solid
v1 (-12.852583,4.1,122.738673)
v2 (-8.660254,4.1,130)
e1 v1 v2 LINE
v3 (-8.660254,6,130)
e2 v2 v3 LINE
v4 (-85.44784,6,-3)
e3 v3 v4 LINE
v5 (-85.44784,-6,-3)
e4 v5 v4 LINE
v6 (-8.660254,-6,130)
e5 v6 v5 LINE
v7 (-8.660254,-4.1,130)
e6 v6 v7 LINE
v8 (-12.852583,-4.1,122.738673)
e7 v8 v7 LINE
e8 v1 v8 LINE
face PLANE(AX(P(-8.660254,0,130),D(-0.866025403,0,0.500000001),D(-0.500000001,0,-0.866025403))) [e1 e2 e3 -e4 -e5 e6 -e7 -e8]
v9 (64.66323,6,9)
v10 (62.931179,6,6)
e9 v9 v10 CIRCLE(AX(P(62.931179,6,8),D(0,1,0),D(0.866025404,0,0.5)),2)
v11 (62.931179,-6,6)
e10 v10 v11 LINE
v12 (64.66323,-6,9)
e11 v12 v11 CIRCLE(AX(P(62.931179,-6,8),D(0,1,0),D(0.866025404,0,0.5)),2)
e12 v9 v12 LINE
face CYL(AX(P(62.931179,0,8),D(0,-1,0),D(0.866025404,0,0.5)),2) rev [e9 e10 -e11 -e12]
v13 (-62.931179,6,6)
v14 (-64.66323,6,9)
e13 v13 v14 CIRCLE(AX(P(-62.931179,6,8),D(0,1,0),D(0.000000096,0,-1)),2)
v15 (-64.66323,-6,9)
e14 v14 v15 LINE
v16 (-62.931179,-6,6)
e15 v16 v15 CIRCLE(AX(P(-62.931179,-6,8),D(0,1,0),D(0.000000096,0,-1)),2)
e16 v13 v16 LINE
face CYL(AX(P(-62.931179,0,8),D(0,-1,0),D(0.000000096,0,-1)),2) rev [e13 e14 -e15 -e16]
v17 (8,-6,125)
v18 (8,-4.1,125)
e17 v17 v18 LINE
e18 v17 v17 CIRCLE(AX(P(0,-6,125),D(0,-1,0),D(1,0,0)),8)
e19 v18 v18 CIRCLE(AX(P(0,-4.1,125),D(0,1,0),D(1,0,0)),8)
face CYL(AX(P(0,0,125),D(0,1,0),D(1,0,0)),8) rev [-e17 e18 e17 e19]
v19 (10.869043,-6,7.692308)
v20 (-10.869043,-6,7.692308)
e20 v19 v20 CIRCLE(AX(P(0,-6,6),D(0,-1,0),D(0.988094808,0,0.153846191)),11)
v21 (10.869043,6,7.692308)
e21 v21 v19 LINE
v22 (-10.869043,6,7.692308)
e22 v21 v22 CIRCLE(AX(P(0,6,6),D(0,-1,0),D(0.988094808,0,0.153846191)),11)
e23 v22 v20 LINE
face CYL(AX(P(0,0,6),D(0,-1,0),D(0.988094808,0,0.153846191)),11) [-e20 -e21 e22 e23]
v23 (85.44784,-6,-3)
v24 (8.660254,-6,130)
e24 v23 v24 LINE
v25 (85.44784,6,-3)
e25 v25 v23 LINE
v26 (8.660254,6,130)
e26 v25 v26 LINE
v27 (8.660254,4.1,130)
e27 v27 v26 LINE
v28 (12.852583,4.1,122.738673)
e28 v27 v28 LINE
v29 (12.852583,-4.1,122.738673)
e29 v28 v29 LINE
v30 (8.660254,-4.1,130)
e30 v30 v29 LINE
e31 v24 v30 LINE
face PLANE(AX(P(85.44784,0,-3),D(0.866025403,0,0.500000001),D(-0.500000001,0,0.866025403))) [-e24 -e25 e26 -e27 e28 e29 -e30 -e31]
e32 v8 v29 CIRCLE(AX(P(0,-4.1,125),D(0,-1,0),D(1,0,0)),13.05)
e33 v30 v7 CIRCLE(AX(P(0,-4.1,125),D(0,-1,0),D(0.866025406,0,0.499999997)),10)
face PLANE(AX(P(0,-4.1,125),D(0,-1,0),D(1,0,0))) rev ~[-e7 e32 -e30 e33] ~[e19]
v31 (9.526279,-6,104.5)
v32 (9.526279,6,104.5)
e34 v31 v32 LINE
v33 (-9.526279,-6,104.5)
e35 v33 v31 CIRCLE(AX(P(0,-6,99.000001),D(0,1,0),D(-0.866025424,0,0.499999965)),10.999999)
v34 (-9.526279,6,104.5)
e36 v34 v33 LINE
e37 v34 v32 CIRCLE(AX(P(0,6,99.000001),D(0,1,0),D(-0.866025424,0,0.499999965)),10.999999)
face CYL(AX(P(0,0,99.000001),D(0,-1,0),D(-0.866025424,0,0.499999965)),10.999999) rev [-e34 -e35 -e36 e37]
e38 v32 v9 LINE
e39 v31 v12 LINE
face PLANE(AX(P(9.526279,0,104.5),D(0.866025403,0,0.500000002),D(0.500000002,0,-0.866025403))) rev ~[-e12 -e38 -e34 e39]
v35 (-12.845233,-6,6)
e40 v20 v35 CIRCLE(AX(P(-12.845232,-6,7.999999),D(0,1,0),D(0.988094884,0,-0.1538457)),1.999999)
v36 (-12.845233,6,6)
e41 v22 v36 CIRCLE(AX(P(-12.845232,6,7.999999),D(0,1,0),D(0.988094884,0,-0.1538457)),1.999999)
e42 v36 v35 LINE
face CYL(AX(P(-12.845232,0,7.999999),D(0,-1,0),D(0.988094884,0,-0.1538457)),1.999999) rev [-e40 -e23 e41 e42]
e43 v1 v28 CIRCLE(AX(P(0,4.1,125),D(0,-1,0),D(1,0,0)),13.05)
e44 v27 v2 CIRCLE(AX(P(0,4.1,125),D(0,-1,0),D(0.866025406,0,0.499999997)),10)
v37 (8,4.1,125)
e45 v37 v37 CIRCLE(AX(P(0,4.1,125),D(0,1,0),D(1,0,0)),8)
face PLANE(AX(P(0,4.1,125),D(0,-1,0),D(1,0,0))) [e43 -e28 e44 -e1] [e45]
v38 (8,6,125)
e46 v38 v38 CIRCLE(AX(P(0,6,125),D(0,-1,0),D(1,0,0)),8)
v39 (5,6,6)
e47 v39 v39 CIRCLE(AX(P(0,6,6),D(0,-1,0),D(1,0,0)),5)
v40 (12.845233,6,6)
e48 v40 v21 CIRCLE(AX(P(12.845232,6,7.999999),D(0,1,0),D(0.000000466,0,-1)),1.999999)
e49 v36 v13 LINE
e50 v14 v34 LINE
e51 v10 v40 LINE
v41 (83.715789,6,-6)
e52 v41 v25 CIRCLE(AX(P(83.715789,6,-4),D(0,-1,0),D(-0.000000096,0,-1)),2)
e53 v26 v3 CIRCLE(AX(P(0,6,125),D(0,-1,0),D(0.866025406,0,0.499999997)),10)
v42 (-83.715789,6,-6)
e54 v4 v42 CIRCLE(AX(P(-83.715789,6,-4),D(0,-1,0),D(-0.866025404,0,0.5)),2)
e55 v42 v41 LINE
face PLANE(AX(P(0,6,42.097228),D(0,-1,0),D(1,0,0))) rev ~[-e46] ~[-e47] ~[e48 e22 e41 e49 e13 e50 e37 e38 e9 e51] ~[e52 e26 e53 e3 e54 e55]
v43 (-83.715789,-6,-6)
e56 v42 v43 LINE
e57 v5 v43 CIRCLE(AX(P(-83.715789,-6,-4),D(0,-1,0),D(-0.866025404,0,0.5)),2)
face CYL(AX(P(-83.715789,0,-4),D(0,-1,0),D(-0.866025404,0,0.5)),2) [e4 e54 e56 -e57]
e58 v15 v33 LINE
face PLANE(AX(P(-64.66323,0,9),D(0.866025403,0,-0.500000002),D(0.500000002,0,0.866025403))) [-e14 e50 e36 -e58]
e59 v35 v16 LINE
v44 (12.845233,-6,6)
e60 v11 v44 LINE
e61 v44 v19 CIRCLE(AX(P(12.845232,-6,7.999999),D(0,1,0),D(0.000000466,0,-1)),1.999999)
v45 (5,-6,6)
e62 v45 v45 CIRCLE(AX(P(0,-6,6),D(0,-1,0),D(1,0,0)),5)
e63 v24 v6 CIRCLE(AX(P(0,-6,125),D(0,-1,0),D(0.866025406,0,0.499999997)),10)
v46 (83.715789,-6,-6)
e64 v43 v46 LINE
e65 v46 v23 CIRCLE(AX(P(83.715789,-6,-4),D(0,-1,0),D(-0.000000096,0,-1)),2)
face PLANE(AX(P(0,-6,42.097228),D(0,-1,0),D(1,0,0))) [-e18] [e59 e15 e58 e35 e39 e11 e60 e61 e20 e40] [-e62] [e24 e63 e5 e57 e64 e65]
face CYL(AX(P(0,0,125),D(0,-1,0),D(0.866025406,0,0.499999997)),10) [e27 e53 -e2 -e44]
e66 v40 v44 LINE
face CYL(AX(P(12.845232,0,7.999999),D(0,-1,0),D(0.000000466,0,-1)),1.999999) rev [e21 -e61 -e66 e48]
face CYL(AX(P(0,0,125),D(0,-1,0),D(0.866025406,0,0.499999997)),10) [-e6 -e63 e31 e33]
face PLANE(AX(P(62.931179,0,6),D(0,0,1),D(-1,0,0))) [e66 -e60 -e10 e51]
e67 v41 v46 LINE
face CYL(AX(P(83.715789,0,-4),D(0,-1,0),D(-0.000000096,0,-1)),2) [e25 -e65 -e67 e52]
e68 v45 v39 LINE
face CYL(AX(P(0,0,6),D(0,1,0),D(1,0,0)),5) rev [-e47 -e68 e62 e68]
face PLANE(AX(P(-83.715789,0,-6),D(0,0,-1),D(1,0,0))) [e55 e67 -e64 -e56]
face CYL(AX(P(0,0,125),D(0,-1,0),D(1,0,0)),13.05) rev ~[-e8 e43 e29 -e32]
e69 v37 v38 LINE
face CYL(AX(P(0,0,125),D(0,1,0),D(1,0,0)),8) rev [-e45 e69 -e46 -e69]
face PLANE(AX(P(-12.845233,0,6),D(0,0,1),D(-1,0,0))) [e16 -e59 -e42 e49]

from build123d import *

# Parameters (mm, degrees)
F1_R     = 5
F1_R_2   = 8
F2_DEPTH = 6
F3_R     = 13.05
F4_DEPTH = 4.1


with BuildPart() as f2:
    # F1 (on Front) → F2 (new body, symmetric)
    with BuildSketch(Plane.XZ):
        with BuildLine():
            ThreePointArc((-85.44784, -3), (-85.44784, -5), (-83.715789, -6))
            Line((-83.715789, -6), (83.715789, -6))
            ThreePointArc((83.715789, -6), (85.44784, -5), (85.44784, -3))
            Line((85.44784, -3), (8.660254, 130))
            ThreePointArc((8.660254, 130), (0, 135), (-8.660254, 130))
            Line((-8.660254, 130), (-85.44784, -3))
        make_face()
        with Locations((0, 6)):
            Circle(F1_R, mode=Mode.SUBTRACT)
        with BuildLine():
            Line((-12.845233, 6), (-62.931179, 6))
            ThreePointArc((-62.931179, 6), (-64.66323, 7), (-64.66323, 9))
            Line((-64.66323, 9), (-9.526279, 104.5))
            ThreePointArc((-9.526279, 104.5), (0, 110), (9.526279, 104.5))
            Line((9.526279, 104.5), (64.66323, 9))
            ThreePointArc((64.66323, 9), (64.66323, 7), (62.931179, 6))
            Line((62.931179, 6), (12.845233, 6))
            ThreePointArc((12.845233, 6), (11.544345, 6.480891), (10.869043, 7.692308))
            ThreePointArc((10.869043, 7.692308), (0, 17), (-10.869043, 7.692308))
            ThreePointArc((-10.869043, 7.692308), (-11.544345, 6.480891), (-12.845233, 6))
        make_face(mode=Mode.SUBTRACT)
        with Locations((0, 125)):
            Circle(F1_R_2, mode=Mode.SUBTRACT)
    extrude(amount=F2_DEPTH, both=True)

    # F3 (on Front) → F4 (cut, symmetric)
    with BuildSketch(Plane.XZ):
        with Locations((0, 125)):
            Circle(F3_R)
    extrude(amount=F4_DEPTH, both=True, mode=Mode.SUBTRACT)


solid = f2.part
